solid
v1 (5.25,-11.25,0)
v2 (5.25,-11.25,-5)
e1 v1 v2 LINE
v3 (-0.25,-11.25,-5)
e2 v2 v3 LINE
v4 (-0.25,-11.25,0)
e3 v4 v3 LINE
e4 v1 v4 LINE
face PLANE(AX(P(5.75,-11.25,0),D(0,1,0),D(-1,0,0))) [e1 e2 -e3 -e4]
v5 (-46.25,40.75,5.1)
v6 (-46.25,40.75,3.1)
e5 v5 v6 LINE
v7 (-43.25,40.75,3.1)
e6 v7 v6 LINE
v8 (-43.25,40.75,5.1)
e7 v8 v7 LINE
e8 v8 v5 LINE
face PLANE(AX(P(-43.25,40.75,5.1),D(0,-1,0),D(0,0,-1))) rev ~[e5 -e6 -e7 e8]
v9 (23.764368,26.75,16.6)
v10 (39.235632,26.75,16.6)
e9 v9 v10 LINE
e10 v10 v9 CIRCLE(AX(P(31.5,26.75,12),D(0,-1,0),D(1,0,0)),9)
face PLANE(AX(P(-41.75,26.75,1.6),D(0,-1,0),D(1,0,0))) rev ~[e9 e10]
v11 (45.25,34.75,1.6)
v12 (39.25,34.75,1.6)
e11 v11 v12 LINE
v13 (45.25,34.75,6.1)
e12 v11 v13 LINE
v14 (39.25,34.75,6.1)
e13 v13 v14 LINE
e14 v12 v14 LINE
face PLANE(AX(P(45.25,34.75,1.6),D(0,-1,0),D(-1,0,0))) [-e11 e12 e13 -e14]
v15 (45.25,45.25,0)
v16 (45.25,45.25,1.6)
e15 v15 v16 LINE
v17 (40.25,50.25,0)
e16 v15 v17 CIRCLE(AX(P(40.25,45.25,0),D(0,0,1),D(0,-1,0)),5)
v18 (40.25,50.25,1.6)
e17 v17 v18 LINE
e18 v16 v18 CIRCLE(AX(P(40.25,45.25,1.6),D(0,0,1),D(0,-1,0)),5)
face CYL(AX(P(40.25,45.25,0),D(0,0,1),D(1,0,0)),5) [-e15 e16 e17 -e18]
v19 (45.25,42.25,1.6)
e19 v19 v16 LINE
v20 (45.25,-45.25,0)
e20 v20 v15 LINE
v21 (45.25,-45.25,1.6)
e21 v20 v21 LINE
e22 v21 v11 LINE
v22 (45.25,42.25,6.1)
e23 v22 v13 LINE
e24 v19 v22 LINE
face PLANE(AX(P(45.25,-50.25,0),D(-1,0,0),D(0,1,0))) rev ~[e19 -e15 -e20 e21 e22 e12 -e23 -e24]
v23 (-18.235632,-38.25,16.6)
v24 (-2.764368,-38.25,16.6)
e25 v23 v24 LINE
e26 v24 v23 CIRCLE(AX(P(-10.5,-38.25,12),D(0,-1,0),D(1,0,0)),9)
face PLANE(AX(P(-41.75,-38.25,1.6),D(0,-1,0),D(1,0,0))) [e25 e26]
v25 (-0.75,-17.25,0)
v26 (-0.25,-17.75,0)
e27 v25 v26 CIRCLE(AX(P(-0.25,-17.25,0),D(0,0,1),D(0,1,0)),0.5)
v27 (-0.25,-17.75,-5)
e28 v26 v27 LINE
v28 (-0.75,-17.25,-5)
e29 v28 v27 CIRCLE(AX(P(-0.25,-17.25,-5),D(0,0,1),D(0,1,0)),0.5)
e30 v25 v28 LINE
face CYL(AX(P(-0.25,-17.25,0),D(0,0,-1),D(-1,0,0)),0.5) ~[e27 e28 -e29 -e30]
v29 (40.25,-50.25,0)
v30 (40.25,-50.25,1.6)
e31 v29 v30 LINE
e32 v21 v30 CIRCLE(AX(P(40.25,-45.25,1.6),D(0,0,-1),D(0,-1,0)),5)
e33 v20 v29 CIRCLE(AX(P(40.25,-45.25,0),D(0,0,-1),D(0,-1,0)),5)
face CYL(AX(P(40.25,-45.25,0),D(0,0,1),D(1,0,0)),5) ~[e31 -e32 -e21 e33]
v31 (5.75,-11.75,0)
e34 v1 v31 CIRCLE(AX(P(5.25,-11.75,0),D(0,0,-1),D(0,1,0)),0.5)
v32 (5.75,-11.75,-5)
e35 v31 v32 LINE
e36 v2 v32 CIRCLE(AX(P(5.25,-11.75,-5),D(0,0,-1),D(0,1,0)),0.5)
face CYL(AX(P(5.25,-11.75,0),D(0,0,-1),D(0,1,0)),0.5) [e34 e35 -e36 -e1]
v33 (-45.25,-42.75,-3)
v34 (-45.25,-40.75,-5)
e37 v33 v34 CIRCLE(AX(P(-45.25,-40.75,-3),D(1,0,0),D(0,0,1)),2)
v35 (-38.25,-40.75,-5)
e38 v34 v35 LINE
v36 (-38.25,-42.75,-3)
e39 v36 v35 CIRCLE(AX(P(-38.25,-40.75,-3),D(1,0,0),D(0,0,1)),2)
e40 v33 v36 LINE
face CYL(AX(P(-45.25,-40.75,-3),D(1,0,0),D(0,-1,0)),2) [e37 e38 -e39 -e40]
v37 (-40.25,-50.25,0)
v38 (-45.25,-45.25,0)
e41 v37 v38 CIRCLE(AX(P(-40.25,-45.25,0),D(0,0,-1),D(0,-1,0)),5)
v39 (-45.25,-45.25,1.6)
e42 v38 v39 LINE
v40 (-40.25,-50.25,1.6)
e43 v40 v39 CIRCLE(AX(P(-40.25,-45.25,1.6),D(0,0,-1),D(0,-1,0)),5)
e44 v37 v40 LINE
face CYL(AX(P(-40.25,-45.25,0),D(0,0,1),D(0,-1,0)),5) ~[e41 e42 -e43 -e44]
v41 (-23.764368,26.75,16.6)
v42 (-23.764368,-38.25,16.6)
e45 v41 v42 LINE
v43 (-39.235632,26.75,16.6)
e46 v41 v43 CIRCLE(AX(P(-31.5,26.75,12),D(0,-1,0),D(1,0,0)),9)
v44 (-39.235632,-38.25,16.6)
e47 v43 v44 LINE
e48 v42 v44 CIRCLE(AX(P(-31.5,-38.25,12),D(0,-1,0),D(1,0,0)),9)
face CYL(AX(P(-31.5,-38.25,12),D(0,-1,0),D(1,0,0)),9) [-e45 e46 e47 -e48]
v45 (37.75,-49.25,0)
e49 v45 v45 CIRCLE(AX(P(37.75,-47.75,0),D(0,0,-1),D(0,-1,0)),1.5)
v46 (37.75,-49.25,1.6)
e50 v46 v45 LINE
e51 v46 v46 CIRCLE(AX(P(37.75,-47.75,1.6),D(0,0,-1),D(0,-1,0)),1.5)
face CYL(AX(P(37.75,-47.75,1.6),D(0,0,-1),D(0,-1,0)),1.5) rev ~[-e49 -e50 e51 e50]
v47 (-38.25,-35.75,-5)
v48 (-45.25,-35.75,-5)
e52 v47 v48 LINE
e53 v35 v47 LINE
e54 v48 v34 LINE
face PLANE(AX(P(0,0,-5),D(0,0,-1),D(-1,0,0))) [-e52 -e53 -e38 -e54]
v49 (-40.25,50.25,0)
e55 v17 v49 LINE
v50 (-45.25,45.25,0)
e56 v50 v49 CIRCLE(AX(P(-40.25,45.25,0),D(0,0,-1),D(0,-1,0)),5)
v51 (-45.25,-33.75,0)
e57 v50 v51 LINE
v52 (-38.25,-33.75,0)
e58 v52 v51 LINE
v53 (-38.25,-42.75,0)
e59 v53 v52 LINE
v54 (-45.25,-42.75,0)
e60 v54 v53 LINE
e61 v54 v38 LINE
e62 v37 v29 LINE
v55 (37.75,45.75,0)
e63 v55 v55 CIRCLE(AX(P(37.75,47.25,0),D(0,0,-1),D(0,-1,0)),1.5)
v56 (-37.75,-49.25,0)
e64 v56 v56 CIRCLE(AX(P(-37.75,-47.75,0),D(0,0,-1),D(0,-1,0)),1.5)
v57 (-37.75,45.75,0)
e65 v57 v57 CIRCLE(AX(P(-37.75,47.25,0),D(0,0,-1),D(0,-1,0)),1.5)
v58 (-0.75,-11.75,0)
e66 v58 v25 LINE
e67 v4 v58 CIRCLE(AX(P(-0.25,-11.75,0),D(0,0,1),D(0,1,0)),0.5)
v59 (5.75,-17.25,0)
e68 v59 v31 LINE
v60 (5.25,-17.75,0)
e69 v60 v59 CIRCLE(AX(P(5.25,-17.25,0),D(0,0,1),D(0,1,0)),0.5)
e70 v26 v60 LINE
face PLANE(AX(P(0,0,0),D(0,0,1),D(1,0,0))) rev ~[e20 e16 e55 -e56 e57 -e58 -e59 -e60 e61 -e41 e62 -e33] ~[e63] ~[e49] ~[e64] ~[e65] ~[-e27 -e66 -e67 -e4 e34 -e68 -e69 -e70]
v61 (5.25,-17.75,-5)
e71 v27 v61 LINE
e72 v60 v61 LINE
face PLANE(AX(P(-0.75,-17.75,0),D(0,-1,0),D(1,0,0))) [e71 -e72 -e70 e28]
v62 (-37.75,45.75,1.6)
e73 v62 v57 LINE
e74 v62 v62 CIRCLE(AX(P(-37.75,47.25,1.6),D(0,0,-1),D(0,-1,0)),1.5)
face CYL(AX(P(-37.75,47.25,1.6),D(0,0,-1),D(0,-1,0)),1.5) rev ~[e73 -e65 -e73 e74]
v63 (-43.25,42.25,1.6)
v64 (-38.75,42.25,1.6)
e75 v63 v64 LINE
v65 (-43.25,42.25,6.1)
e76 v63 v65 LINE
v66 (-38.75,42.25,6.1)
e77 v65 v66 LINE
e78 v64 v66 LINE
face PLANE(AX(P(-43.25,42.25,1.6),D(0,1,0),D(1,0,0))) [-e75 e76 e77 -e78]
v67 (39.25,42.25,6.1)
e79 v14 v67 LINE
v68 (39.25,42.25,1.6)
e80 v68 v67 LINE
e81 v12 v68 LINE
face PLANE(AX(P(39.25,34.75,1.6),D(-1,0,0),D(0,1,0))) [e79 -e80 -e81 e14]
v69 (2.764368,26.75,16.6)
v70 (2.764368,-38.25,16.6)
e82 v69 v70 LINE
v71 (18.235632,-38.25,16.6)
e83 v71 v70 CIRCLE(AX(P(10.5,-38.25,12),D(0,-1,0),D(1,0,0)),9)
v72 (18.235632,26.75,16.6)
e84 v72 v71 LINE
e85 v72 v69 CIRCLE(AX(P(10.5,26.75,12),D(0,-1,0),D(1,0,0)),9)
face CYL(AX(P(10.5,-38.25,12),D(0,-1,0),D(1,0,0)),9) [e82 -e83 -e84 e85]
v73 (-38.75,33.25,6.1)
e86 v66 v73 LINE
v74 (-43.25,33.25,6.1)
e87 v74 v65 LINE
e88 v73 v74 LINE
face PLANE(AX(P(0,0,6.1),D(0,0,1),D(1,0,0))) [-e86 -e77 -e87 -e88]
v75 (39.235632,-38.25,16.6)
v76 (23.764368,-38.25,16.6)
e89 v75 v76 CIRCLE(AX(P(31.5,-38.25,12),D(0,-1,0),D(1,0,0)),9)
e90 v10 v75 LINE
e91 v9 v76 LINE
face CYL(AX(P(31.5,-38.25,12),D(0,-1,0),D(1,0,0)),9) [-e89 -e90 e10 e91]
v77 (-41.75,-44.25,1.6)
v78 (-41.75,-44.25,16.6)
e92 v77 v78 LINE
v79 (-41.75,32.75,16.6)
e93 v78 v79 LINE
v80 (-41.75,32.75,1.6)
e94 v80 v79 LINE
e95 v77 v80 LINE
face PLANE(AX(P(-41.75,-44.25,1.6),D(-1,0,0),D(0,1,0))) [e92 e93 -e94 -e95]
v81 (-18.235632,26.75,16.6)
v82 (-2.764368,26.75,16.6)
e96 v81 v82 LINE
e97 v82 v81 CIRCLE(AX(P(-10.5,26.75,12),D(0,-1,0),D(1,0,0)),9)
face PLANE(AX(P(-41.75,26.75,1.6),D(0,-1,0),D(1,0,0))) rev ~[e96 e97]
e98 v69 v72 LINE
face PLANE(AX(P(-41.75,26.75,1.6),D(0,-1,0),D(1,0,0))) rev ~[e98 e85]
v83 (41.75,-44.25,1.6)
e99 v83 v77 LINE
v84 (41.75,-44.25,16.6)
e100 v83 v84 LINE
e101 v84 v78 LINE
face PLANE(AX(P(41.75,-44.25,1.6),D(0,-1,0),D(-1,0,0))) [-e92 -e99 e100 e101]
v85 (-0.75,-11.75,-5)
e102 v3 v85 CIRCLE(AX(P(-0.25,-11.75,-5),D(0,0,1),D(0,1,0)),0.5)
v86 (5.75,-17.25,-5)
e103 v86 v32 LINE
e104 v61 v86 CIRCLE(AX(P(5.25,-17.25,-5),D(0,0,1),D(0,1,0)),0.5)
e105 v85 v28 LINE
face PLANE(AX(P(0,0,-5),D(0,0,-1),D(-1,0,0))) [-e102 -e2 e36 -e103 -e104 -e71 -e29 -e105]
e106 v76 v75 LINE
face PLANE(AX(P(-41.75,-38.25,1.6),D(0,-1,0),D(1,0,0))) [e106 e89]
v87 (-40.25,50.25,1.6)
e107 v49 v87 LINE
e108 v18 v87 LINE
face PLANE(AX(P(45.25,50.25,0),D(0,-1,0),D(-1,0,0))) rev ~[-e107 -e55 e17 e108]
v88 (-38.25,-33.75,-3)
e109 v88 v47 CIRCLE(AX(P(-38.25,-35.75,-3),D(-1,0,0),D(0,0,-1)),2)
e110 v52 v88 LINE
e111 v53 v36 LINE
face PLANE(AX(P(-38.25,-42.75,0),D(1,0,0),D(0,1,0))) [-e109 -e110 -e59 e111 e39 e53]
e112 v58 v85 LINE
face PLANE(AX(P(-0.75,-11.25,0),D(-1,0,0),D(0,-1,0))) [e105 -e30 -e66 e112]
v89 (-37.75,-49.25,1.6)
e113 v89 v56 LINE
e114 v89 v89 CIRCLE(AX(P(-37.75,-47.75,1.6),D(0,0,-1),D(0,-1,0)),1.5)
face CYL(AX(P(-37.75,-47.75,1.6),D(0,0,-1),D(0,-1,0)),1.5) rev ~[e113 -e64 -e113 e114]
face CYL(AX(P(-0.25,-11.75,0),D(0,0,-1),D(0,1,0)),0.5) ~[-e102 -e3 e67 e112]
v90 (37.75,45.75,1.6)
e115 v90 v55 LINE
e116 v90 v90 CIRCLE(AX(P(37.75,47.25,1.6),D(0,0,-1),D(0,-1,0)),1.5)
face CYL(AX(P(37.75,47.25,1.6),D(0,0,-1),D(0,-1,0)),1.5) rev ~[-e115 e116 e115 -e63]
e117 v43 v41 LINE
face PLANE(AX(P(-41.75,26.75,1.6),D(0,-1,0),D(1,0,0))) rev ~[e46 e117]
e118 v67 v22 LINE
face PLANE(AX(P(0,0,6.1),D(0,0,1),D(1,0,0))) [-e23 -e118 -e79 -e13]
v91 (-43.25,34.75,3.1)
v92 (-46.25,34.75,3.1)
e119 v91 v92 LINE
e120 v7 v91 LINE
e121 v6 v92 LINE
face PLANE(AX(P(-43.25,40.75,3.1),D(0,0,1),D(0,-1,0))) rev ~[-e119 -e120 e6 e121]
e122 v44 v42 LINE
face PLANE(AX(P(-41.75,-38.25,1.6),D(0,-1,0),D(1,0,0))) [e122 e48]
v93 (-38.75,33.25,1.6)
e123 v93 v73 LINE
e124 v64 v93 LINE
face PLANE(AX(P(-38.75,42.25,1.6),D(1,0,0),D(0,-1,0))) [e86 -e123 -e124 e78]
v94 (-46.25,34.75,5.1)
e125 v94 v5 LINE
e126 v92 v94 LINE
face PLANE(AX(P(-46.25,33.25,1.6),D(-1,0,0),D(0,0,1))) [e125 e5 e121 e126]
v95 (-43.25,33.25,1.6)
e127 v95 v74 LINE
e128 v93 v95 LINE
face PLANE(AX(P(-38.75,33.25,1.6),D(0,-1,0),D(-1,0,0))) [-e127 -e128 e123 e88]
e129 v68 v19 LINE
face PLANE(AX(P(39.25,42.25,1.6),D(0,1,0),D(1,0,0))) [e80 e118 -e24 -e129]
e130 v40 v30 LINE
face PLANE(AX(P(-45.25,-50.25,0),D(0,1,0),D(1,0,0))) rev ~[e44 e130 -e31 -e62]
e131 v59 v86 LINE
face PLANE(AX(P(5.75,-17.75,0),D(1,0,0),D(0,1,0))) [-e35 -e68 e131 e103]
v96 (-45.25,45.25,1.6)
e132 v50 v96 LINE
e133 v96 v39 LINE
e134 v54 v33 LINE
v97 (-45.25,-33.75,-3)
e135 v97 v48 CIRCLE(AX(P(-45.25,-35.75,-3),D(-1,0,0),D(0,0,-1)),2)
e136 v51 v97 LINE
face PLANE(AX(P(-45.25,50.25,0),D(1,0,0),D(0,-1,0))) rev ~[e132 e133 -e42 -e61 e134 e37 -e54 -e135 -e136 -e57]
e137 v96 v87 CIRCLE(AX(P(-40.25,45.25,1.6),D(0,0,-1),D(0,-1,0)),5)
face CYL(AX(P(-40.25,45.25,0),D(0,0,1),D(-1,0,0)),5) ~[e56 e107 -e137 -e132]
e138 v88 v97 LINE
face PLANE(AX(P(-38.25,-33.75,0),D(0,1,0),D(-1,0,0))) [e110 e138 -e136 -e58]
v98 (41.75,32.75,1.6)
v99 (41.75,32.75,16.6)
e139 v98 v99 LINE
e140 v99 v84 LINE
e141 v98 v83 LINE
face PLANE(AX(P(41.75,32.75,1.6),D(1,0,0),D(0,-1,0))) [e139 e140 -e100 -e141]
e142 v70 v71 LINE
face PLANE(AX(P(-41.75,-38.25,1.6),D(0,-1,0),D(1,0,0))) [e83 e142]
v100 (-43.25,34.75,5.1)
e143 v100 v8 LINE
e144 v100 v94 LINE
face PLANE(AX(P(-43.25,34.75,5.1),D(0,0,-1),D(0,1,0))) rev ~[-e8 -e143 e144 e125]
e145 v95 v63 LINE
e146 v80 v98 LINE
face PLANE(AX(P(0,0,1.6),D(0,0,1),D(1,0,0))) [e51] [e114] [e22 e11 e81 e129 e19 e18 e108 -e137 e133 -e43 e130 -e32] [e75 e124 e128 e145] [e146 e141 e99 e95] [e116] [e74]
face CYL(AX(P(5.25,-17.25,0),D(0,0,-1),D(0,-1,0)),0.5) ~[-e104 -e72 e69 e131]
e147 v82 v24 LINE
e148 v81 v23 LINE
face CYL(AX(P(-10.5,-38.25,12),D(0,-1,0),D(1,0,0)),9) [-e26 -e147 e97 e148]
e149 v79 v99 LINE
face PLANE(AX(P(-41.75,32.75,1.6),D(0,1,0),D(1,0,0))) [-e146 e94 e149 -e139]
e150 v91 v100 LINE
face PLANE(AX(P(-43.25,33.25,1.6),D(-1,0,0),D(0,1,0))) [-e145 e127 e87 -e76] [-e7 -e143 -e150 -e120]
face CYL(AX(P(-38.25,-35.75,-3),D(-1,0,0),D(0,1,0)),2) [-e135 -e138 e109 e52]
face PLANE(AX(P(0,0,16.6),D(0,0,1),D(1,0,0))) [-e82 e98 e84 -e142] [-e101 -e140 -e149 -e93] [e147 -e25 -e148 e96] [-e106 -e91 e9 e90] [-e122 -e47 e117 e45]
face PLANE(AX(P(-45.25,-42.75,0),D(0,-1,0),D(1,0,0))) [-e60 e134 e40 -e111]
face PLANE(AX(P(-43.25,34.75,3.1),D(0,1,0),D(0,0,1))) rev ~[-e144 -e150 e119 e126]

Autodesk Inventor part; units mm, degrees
ref_plane "YZ Plane" through (0, 0, 0) normal (1, 0, 0) x (0, 1, 0)
ref_plane "XZ Plane" through (0, 0, 0) normal (0, 1, 0) x (-1, 0, 0)
sketch "Skizze1" plane through (0, 0, 0) normal (0, 0, 1) x (1, 0, 0)
  line L0 (45.25, 50.25) -> (-45.25, 50.25)
  line L1 (-45.25, 50.25) -> (-45.25, -50.25)
  line L2 (-45.25, -50.25) -> (45.25, -50.25)
  line L3 (45.25, -50.25) -> (45.25, 50.25)
  line L4 (45.25, 50.25) -> (-45.25, -50.25) construction
  line L5 (-45.25, 50.25) -> (45.25, -50.25) construction
  point P0 (0, 0)
  dimension "d0" = 90.5
  dimension "d1" = 100.5
extrude "Extrusion1" add sketch "Skizze1" along normal blind 1.6
fillet "Rundung1" radius 5 4 edges at (45.25, 50.25, 0.8) (-45.25, 50.25, 0.8) (45.25, -50.25, 0.8) (-45.25, -50.25, 0.8)
sketch "Skizze2" plane through (0, 0, 0) normal (0, 0, -1) x (-1, 0, 0)
  line L0 (-5.75, -11.25) -> (0.75, -11.25)
  line L1 (0.75, -11.25) -> (0.75, -17.75)
  line L2 (0.75, -17.75) -> (-5.75, -17.75)
  line L3 (-5.75, -17.75) -> (-5.75, -11.25)
  line L4 (-5.75, -11.25) -> (0.75, -17.75) construction
  line L5 (0.75, -11.25) -> (-5.75, -17.75) construction
  line L6 (40.25, -50.25) -> (-40.25, -50.25) projected
  line L7 (-45.25, -45.25) -> (-45.25, 45.25) projected
  point P0 (0, 0)
  point P1 (-2.5, -14.5)
  point P2 (-2.5, -17.75)
  dimension "d5" = 32.5
  dimension "d6" = 39.5
  dimension "d7" = 6.5
  dimension "d8" = 6.5
extrude "Extrusion2" add sketch "Skizze2" along normal blind 5
fillet "Rundung2" radius 0.5 4 edges at (-0.75, -11.25, -2.5) (-0.75, -17.75, -2.5) (5.75, -17.75, -2.5) (5.75, -11.25, -2.5)
sketch "Skizze3" plane through (0, 0, 0) normal (0, 0, -1) x (-1, 0, 0)
  line L0 (38.25, -33.75) -> (45.25, -33.75)
  line L1 (45.25, -33.75) -> (45.25, -42.75)
  line L2 (45.25, -42.75) -> (38.25, -42.75)
  line L3 (38.25, -42.75) -> (38.25, -33.75)
  line L4 (38.25, -33.75) -> (45.25, -42.75) construction
  line L5 (45.25, -33.75) -> (38.25, -42.75) construction
  line L6 (40.25, -50.25) -> (-40.25, -50.25) projected
  line L7 (45.25, 45.25) -> (45.25, -45.25) projected
  point P0 (0, 0)
  point P1 (41.75, -38.25)
  dimension "d12" = 7.5
  dimension "d13" = 7
  dimension "d14" = 9
extrude "Extrusion3" add sketch "Skizze3" along normal blind 5
fillet "Rundung3" radius 2 2 edges at (-41.75, -33.75, -5) (-41.75, -42.75, -5)
sketch "Skizze4" plane through (0, 0, 1.6) normal (0, 0, 1) x (1, 0, 0)
  line L0 (39.25, 42.25) -> (45.25, 42.25)
  line L1 (45.25, 42.25) -> (45.25, 34.75)
  line L2 (45.25, 34.75) -> (39.25, 34.75)
  line L3 (39.25, 34.75) -> (39.25, 42.25)
  line L4 (39.25, 42.25) -> (45.25, 34.75) construction
  line L5 (45.25, 42.25) -> (39.25, 34.75) construction
  line L6 (45.25, -45.25) -> (45.25, 45.25) projected
  line L7 (-45.25, 45.25) -> (-45.25, -45.25) projected
  line L8 (40.25, 50.25) -> (-40.25, 50.25) projected
  line L9 (-43.25, 42.25) -> (-38.75, 42.25)
  line L10 (-38.75, 42.25) -> (-38.75, 33.25)
  line L11 (-38.75, 33.25) -> (-43.25, 33.25)
  line L12 (-43.25, 33.25) -> (-43.25, 42.25)
  line L13 (-43.25, 42.25) -> (-38.75, 33.25) construction
  line L14 (-38.75, 42.25) -> (-43.25, 33.25) construction
  point P0 (0, 0)
  point P1 (42.25, 38.5)
  point P2 (42.25, 42.25)
  point P3 (-41, 37.75)
  dimension "d19" = 8
  dimension "d20" = 7.5
  dimension "d21" = 6
  dimension "d22" = 8
  dimension "d23" = 9
  dimension "d24" = 4.5
  dimension "d25" = 2
extrude "Extrusion4" add sketch "Skizze4" along normal blind 4.5
sketch "Skizze5" plane through (-43.25, 33.25, 1.6) normal (-1, 0, 0) x (0, 0, 1)
  line L0 (1.5, 1.5) -> (3.5, 1.5)
  line L1 (3.5, 1.5) -> (3.5, 7.5)
  line L2 (3.5, 7.5) -> (1.5, 7.5)
  line L3 (1.5, 7.5) -> (1.5, 1.5)
  line L4 (1.5, 1.5) -> (3.5, 7.5) construction
  line L5 (3.5, 1.5) -> (1.5, 7.5) construction
  line L6 (0, 9) -> (4.5, 9) projected
  line L7 (4.5, 9) -> (4.5, 0) projected
  point P0 (-1.6, -33.25)
  point P1 (2.5, 4.5)
  dimension "d28" = 1.5
  dimension "d29" = 6
  dimension "d30" = 1
  dimension "d31" = 2
extrude "Extrusion5" add sketch "Skizze5" along normal blind 3
sketch "Skizze6" plane through (0, 0, 1.6) normal (0, 0, 1) x (1, 0, 0)
  line L0 (-41.75, 32.75) -> (41.75, 32.75)
  line L1 (41.75, 32.75) -> (41.75, -44.25)
  line L2 (41.75, -44.25) -> (-41.75, -44.25)
  line L3 (-41.75, -44.25) -> (-41.75, 32.75)
  line L4 (-41.75, 32.75) -> (41.75, -44.25) construction
  line L5 (41.75, 32.75) -> (-41.75, -44.25) construction
  line L6 (-40.25, -50.25) -> (40.25, -50.25) projected
  line L7 (-45.25, 45.25) -> (-45.25, -45.25) projected
  line L8 (45.25, -45.25) -> (45.25, 34.75) projected
  point P0 (0, 0)
  point P1 (0, -5.75)
  dimension "d34" = 6
  dimension "d35" = 3.5
  dimension "d36" = 3.5
  dimension "d37" = 77
extrude "Extrusion6" add sketch "Skizze6" along normal blind 15
ref_plane "Arbeitsebene1" through (-41.75, -38.25, 1.6) normal (0, -1, 0) x (1, 0, 0)
sketch "Skizze7" plane through (-41.75, -38.25, 1.6) normal (0, -1, 0) x (1, 0, 0)
  circle A0 centre (10.25, 10.4) radius 9
  circle A1 centre (31.25, 10.4) radius 9
  circle A2 centre (52.25, 10.4) radius 9
  circle A3 centre (73.25, 10.4) radius 9
  line L0 (1.5, -1.6) -> (82, -1.6) projected
  line L1 (10.25, 10.4) -> (114.75, 10.4) construction
  line L2 (0, 0) -> (83.5, 0) construction
  point P0 (41.75, -1.6)
  point P1 (62.5, 10.4)
  point P2 (41.75, 0)
  dimension "d41" = 18
  dimension "d42" = 18
  dimension "d43" = 18
  dimension "d44" = 18
  dimension "d45" = 21
  dimension "d46" = 21
  dimension "d47" = 21
  dimension "d49" = 31.5
  dimension "d50" = 21
extrude "Extrusion7" add sketch "Skizze7" against normal blind 65
sketch "Skizze8" plane through (0, 0, 1.6) normal (0, 0, 1) x (1, 0, 0)
  line L0 (-37.75, 47.25) -> (37.75, 47.25)
  line L1 (37.75, 47.25) -> (37.75, -47.75)
  line L2 (37.75, -47.75) -> (-37.75, -47.75)
  line L3 (-37.75, -47.75) -> (-37.75, 47.25)
  line L4 (41.75, 32.75) -> (-41.75, 32.75) projected
  line L5 (40.25, 50.25) -> (-40.25, 50.25) projected
  point P0 (0, 0)
  point P1 (0, 32.75)
  point P2 (0, 47.25)
  dimension "d53" = 95
  dimension "d54" = 75.5
  dimension "d55" = 0
  dimension "d56" = 3
hole "Bohrung1" at (-37.75, 47.25, 1.6) at (37.75, 47.25, 1.6) at (-37.75, -47.75, 1.6) at (37.75, -47.75, 1.6) direction (0, 0, -1) diameter 3 depth 1.6
equation "\"d49\" = 1.5 * d46"
properties part number "010_Battery_2Cell"
